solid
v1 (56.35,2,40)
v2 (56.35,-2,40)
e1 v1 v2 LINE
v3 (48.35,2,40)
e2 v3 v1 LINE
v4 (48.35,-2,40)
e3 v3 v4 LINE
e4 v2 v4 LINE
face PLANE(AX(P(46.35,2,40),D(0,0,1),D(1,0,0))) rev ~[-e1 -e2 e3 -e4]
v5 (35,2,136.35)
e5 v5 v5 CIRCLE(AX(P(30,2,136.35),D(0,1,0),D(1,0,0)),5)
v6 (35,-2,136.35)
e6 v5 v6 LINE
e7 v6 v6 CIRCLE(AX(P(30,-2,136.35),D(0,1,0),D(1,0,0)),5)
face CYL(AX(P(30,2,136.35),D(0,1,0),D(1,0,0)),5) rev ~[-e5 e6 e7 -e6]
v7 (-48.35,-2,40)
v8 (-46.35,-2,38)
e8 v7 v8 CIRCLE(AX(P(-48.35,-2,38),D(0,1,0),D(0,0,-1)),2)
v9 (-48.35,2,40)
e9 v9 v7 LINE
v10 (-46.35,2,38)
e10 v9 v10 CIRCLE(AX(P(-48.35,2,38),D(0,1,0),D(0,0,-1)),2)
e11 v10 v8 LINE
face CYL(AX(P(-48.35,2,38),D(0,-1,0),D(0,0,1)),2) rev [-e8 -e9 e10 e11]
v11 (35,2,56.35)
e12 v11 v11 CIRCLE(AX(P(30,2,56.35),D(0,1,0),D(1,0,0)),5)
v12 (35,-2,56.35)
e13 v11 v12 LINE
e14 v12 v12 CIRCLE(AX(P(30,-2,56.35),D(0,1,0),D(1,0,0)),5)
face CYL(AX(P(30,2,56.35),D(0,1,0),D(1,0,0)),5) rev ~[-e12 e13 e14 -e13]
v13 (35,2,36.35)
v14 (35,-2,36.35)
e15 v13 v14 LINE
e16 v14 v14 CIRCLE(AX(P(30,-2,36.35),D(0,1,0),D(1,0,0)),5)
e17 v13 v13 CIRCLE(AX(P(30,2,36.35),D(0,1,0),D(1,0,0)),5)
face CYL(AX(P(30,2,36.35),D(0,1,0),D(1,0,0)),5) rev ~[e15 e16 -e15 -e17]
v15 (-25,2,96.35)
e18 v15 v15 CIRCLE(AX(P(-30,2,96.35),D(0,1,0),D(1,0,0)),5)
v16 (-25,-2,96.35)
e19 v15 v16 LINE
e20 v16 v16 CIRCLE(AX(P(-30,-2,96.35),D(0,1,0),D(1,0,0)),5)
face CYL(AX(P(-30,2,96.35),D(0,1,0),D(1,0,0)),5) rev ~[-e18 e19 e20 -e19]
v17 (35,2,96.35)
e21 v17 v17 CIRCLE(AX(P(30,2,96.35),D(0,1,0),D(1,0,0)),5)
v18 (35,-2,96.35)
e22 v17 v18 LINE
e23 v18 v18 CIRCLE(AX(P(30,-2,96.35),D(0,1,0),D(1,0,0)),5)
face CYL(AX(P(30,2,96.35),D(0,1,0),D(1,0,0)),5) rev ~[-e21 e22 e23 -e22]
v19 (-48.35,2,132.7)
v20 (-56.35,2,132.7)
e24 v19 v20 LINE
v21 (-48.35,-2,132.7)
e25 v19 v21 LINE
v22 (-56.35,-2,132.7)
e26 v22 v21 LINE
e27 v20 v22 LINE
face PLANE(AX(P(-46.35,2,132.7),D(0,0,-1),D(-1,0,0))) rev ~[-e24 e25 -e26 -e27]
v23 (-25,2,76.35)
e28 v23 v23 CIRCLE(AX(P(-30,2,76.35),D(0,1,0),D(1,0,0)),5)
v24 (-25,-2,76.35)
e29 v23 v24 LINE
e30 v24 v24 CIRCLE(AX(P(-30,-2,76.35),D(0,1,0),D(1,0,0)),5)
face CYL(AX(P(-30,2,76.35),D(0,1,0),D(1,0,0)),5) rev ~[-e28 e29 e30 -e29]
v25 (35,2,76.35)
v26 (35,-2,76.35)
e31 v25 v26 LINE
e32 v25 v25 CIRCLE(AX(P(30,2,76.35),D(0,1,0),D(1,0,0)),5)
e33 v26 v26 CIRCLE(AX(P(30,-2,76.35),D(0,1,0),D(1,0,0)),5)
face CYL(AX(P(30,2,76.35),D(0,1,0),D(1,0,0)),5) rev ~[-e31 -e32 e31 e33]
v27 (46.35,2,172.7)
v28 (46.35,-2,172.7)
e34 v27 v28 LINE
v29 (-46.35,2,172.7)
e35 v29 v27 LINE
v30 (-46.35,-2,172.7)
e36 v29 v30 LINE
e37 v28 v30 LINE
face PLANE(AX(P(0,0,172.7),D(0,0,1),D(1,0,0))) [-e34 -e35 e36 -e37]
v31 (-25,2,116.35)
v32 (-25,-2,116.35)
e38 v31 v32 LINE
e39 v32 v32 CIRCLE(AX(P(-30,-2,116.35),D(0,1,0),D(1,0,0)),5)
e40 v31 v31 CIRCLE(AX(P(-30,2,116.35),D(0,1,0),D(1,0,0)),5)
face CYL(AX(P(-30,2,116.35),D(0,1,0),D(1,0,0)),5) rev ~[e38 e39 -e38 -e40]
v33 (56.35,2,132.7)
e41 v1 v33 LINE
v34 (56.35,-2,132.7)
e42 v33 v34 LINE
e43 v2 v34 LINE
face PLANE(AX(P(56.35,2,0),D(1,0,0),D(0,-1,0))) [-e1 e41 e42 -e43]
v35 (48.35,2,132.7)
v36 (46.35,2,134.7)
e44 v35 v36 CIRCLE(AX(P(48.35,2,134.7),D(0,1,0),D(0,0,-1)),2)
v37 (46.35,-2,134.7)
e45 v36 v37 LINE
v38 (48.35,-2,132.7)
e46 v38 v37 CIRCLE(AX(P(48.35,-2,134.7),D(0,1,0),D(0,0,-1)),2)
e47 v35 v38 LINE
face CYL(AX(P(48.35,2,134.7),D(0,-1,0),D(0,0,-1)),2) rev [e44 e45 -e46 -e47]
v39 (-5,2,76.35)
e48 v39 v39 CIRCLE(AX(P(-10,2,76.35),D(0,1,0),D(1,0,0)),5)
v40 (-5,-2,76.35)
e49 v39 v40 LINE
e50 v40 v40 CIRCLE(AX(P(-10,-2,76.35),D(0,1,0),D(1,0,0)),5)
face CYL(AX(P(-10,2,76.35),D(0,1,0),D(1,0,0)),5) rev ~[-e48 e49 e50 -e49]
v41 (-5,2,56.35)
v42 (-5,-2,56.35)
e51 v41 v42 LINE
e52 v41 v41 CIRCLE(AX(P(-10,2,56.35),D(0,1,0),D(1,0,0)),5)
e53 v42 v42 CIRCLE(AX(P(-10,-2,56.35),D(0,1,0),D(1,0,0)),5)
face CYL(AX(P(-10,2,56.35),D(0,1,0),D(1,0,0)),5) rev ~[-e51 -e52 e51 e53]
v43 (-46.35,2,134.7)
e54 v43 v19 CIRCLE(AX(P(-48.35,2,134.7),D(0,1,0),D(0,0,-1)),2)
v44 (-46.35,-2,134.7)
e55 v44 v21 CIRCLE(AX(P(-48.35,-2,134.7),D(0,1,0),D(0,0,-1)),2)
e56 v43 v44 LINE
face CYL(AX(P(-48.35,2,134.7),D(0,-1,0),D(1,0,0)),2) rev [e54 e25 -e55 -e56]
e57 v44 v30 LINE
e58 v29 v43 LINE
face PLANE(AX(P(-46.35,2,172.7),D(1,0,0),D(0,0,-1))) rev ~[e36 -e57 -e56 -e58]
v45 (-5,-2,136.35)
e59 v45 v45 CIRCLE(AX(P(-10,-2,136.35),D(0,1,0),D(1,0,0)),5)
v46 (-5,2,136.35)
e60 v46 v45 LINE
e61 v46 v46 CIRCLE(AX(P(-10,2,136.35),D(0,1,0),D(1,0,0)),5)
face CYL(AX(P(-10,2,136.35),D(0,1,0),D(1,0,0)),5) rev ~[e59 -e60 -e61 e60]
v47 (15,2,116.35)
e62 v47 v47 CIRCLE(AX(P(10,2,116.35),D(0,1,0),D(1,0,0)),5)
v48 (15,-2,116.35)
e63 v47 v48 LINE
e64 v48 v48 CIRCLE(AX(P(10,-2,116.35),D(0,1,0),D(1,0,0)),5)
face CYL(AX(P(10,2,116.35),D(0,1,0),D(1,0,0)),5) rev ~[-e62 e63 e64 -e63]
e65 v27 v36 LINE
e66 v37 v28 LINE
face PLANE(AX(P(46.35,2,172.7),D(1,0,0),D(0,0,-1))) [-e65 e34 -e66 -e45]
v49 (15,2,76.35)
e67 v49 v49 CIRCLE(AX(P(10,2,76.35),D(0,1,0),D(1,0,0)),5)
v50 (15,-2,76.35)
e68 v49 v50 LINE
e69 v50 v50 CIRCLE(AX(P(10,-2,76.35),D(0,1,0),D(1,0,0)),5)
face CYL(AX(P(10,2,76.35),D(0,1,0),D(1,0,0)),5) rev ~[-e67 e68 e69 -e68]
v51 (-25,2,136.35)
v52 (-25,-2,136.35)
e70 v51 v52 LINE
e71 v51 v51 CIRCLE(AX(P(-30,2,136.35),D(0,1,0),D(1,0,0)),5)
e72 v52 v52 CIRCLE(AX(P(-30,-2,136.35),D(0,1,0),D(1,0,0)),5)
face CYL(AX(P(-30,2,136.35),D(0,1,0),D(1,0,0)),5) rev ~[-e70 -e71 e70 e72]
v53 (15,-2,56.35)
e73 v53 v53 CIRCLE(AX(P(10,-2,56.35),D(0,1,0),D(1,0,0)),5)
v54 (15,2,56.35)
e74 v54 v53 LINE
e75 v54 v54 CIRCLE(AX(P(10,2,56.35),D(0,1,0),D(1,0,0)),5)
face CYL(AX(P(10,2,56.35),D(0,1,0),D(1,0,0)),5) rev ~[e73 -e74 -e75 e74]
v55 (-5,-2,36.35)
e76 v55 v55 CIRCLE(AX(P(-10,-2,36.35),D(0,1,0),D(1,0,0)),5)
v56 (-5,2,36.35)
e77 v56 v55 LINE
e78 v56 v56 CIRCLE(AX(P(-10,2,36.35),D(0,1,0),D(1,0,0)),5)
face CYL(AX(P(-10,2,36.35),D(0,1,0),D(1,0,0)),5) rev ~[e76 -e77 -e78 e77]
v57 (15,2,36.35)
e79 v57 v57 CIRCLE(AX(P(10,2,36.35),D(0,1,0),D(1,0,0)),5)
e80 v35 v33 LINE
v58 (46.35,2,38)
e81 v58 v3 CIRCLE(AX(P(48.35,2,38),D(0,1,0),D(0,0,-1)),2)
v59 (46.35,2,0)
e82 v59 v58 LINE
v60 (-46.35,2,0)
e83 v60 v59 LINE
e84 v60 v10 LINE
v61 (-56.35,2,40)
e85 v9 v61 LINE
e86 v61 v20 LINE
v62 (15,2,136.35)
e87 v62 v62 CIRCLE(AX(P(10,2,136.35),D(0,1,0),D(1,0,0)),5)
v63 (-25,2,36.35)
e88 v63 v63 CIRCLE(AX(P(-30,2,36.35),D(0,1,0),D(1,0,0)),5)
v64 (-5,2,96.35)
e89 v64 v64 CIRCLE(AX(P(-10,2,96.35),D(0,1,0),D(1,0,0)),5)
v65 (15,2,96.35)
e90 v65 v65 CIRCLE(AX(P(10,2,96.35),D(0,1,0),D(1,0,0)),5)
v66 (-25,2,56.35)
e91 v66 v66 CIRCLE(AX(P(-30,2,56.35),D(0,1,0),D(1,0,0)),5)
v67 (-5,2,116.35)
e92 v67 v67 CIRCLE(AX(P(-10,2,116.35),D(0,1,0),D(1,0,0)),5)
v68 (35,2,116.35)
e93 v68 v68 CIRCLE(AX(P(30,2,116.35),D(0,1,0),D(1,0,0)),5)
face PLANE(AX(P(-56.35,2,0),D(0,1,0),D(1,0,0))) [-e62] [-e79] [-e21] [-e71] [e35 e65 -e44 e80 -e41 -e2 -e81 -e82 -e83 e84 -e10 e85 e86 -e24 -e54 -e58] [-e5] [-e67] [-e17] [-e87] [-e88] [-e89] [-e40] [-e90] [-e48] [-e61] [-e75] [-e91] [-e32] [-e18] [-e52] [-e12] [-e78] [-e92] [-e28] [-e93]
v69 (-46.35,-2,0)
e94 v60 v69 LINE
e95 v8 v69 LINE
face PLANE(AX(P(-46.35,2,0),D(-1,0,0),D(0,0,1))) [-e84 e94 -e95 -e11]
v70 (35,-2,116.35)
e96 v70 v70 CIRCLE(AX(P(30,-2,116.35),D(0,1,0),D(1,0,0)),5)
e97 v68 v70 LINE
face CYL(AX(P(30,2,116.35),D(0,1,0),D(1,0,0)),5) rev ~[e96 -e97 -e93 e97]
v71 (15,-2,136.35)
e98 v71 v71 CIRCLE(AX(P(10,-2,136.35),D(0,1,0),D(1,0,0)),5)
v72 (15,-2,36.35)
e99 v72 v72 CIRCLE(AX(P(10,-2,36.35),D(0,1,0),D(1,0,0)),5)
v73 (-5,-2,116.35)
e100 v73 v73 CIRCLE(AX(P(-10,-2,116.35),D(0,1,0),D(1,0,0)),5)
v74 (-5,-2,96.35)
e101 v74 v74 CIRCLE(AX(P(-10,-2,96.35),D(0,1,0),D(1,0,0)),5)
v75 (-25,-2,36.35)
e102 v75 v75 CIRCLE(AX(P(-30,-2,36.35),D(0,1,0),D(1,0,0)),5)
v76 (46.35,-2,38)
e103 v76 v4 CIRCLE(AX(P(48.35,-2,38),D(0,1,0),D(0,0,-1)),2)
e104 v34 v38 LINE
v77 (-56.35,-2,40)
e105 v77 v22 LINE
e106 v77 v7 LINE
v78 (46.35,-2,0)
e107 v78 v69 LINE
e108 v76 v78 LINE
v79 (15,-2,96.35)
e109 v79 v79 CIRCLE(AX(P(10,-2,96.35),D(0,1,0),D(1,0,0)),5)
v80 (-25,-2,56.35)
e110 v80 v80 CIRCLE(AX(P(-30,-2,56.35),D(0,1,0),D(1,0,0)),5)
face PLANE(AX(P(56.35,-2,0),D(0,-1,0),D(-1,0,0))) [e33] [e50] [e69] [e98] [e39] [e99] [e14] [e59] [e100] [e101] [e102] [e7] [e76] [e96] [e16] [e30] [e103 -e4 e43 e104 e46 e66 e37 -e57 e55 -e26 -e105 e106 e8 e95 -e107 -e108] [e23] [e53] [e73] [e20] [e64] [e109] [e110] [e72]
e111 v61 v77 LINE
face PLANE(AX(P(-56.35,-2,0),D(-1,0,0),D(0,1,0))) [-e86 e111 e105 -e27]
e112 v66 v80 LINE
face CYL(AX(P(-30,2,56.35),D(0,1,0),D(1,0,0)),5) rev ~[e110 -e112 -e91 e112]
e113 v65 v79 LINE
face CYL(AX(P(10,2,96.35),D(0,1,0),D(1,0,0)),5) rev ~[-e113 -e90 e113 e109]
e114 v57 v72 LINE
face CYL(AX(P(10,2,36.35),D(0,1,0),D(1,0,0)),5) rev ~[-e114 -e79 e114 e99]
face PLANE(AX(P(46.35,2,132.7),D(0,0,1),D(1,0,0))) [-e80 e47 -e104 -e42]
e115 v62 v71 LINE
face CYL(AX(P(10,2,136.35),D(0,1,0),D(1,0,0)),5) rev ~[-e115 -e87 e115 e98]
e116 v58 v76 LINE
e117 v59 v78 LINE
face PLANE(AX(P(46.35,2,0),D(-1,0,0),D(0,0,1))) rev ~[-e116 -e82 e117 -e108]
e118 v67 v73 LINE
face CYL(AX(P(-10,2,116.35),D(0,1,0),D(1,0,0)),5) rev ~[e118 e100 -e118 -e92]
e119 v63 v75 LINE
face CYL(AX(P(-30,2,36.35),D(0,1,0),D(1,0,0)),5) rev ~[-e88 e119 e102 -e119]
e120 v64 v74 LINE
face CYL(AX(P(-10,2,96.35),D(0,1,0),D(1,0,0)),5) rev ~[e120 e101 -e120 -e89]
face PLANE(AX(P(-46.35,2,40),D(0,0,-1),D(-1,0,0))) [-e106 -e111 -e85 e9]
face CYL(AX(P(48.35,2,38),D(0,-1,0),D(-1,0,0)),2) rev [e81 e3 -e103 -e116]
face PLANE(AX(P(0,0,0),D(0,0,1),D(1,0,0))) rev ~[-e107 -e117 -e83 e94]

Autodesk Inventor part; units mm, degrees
ref_plane "YZ Plane" through (0, 0, 0) normal (1, 0, 0) x (0, 1, 0)
ref_plane "XZ Plane" through (0, 0, 0) normal (0, 1, 0) x (-1, 0, 0)
ref_plane "XY Plane" through (0, 0, 0) normal (0, 0, 1) x (1, 0, 0)
sketch "Skizze1" plane through (0, 0, 0) normal (0, 0, 1) x (1, 0, 0)
  line L0 (-56.35, 2) -> (56.35, 2)
  line L1 (56.35, 2) -> (56.35, -2)
  line L2 (56.35, -2) -> (-56.35, -2)
  line L3 (-56.35, -2) -> (-56.35, 2)
  line L4 (-56.35, 2) -> (56.35, -2) construction
  line L5 (56.35, 2) -> (-56.35, -2) construction
  point P0 (0, 0)
  dimension "d0" = 4
  dimension "d1" = 112.7
extrude "Extrusion1" add sketch "Skizze1" along normal blind 172.7
sketch "Skizze2" plane through (-56.35, 2, 0) normal (0, 1, 0) x (1, 0, 0)
  circle A0 centre (26.35, -36.35) radius 5
  line L0 (112.7, 0) -> (0, 0) projected
  line L1 (0, 0) -> (0, -172.7) projected
  point P0 (56.35, 0)
  dimension "d4" = 10
  dimension "d5" = 36.35
  dimension "d6" = 26.35
extrude "Extrusion2" cut sketch "Skizze2" against normal blind 10
pattern_linear "Rechteckige Anordnung1" count 4 spacing 20 along (1, 0, 0) count 6 spacing 20 along (0, 0, 1) of "Extrusion2"
sketch "Skizze3" plane through (-56.35, 2, 0) normal (0, 1, 0) x (1, 0, 0)
  line L0 (0, -172.7) -> (112.7, -172.7) projected
  line L1 (0, -172.7) -> (0, -132.7)
  line L2 (0, 0) -> (0, -172.7) projected
  line L3 (0, -172.7) -> (10, -172.7)
  line L4 (0, 0) -> (112.7, 0) projected
  line L5 (0, 0) -> (0, -40)
  line L6 (0, 0) -> (10, 0)
  line L7 (112.7, -172.7) -> (102.7, -172.7)
  line L8 (112.7, 0) -> (112.7, -172.7) projected
  line L9 (112.7, -172.7) -> (112.7, -132.7)
  line L10 (112.7, 0) -> (102.7, 0)
  line L11 (112.7, 0) -> (112.7, -40)
  line L12 (10, -172.7) -> (10, -132.7)
  line L13 (10, -132.7) -> (0, -132.7)
  line L14 (10, 0) -> (10, -40)
  line L15 (10, -40) -> (0, -40)
  circle A0 centre (106.35, -176.35) radius 5 projected
  line L16 (102.7, -172.7) -> (102.7, -132.7)
  line L17 (102.7, -132.7) -> (112.7, -132.7)
  line L18 (102.7, 0) -> (102.7, -40)
  line L19 (102.7, -40) -> (112.7, -40)
  point P0 (56.35, 0)
  point P1 (10, 0)
  point P2 (112.7, -172.9328)
  point P3 (112.7, -179.7672)
  dimension "d15" = 40
  dimension "d17" = 40
  dimension "d19" = 40
  dimension "d20" = 10
  dimension "d21" = 40
  dimension "d22" = 10
  dimension "d25" = 10
  dimension "d26" = 10
extrude "Extrusion3" cut sketch "Skizze3" against normal blind 10 contours L1 L13 L12 L0 | L16 L17 L8 L0 A0 | L2 L4 L14 L15 | A0 L0 | L19 L18 L4 L8 picked at (107.164, -172.1209)
fillet "Rundung1" radius 2 4 edges at (-46.35, 0, 132.7) (-46.35, 0, 40) (46.35, 0, 40) (46.35, 0, 132.7)
properties part number "Schutzglas" material "Glas"
